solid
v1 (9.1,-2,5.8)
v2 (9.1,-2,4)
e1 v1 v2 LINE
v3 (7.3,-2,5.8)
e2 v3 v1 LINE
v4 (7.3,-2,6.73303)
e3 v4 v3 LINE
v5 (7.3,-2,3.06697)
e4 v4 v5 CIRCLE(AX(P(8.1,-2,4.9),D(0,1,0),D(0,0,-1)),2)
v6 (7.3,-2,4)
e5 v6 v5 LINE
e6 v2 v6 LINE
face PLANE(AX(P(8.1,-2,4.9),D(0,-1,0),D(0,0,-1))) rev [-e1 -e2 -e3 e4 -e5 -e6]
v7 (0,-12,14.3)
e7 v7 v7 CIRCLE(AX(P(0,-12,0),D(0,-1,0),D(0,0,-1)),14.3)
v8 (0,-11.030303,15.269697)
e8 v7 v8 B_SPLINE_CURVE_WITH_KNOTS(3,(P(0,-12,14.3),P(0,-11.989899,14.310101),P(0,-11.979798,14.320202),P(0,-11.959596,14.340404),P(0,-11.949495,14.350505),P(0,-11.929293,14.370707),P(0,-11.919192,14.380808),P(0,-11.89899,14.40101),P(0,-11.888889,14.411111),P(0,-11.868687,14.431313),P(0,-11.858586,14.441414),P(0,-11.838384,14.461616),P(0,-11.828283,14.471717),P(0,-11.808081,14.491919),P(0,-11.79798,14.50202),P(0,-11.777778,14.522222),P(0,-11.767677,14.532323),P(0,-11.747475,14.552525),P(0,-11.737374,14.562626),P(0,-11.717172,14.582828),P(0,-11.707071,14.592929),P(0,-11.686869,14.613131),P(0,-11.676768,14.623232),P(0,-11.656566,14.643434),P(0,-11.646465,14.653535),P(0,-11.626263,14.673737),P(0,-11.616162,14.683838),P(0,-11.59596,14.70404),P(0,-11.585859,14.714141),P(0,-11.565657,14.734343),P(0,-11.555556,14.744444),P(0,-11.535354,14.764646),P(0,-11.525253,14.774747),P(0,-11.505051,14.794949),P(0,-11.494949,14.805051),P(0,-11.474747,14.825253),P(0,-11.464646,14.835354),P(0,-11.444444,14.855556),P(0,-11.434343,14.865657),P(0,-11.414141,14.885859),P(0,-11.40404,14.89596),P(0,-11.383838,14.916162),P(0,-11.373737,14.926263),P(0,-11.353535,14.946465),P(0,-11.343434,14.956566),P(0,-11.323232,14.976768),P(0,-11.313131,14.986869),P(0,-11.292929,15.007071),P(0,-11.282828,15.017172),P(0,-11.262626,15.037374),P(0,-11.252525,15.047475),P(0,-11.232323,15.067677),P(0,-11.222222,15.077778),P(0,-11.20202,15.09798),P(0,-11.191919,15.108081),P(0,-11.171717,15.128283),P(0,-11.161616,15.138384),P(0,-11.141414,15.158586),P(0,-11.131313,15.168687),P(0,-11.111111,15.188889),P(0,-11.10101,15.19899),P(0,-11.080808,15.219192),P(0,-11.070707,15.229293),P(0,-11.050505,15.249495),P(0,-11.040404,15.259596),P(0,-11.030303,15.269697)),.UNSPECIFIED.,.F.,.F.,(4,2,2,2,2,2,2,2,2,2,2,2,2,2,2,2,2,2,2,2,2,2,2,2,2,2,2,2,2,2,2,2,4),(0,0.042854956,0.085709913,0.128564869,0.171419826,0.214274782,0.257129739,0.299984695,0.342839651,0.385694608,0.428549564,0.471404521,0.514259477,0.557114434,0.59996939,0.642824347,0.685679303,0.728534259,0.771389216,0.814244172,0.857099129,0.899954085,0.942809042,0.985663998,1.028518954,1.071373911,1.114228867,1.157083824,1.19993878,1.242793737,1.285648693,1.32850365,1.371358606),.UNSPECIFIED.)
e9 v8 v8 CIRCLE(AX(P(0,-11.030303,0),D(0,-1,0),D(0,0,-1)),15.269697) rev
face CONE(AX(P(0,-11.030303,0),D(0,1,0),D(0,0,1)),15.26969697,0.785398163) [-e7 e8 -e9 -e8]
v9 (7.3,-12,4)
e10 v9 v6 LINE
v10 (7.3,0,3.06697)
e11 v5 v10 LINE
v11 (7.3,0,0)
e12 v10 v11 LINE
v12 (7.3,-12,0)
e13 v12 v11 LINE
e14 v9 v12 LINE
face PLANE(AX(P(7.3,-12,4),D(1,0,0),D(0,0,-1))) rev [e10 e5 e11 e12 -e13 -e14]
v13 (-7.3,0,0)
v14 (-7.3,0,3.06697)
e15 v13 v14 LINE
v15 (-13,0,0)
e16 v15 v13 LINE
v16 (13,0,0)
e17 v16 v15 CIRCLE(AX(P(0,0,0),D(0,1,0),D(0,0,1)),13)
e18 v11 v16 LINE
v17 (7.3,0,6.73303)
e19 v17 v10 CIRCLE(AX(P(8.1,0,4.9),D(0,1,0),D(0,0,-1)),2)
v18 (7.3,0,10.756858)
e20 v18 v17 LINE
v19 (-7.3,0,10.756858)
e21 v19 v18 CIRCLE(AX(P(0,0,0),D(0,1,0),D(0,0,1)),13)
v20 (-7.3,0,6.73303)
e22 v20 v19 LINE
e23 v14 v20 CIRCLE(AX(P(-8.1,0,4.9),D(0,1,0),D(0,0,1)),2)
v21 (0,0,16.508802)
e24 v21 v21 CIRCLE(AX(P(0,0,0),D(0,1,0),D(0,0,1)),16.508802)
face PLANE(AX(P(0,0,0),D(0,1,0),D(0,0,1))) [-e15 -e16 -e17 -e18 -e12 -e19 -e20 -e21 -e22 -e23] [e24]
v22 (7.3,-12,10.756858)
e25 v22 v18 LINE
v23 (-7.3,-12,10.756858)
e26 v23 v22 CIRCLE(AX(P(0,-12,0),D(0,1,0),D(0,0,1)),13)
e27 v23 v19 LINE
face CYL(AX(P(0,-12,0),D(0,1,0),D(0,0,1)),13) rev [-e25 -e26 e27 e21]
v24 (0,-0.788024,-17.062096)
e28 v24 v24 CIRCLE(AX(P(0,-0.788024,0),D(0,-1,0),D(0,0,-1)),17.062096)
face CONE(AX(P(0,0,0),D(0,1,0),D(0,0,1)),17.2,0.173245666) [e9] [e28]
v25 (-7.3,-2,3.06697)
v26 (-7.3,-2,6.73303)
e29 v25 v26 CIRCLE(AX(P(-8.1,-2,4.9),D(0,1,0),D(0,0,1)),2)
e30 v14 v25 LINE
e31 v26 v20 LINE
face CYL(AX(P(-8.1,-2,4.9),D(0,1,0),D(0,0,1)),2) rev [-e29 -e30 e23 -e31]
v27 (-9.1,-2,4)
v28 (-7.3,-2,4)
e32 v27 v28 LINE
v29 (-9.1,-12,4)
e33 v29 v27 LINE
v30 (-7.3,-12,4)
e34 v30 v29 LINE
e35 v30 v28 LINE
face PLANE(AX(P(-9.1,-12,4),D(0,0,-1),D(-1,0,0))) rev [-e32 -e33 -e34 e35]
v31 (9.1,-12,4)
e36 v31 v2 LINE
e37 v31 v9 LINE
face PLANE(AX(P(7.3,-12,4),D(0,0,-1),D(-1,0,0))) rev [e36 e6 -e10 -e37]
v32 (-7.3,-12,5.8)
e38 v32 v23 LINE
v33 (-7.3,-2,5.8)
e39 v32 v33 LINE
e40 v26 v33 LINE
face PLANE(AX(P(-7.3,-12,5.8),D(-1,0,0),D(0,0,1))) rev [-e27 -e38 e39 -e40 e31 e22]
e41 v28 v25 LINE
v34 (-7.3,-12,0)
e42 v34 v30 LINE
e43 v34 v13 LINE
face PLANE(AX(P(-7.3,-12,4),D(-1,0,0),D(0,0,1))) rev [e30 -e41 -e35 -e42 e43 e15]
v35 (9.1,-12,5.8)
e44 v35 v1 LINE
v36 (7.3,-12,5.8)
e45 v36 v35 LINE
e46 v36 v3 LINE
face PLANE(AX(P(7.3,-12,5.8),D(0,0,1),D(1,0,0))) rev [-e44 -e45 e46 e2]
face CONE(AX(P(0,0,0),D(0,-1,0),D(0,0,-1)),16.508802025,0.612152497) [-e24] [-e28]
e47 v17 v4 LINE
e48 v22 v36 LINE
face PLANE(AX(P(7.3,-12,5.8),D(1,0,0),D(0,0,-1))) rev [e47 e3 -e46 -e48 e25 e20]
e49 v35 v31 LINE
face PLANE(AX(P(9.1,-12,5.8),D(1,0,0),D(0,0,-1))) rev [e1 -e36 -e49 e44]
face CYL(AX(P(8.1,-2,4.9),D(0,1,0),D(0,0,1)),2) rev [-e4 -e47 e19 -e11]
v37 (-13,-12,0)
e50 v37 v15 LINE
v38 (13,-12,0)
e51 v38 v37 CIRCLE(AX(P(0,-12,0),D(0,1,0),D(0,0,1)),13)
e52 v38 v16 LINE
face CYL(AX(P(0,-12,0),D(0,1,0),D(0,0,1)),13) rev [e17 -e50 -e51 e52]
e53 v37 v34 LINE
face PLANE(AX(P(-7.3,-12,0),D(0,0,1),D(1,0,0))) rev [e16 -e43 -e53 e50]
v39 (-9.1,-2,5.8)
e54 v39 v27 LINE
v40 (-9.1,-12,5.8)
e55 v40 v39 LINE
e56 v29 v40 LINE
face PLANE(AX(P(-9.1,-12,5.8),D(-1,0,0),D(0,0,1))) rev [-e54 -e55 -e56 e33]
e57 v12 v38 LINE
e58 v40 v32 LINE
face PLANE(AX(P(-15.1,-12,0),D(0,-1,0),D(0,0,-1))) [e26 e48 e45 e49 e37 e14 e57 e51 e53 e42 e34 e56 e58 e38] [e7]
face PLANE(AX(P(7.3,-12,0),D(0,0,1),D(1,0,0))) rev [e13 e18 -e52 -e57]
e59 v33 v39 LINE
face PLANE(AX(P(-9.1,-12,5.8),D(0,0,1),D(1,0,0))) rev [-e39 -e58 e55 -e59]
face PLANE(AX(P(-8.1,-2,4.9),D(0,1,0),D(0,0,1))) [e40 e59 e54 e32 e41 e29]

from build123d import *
from OCP.BRepFilletAPI import BRepFilletAPI_MakeChamfer

# Parameters (mm, degrees)
CUT_EXTRUDE1_DEPTH = 28.123421613
SKETCH3_R          = 2
CUT_EXTRUDE2_DEPTH = 2
CHAMFER1_SIZE      = 0.8
CHAMFER1_SIZE2     = 0.984433479
CHAMFER1_SIZE2_2   = 0.691197975


with BuildPart() as part:
    # Sketch1 → Revolve1 (revolve)
    with BuildSketch(Plane.XY, mode=Mode.PRIVATE) as revolve1_sk:
        Polygon((0, 0), (-17.2, 0), (-15.1, -12), (0, -12), align=None)
    revolve(revolve1_sk.sketch.rotate(Axis((0, 0, 0), (0, -1, 0)), 270), axis=Axis((0, 0, 0), (0, -1, 0)))

    # Sketch2 → Cut-Extrude1 (cut, through all)
    with BuildSketch(Plane(origin=(0, 0, 0), x_dir=(1, 0, 0), z_dir=(0, 1, 0))):
        with BuildLine():
            Line((-9.1, -5.8), (-7.3, -5.8))
            Line((-7.3, -5.8), (-7.3, -10.756858277))
            ThreePointArc((-7.3, -10.756858277), (0, -13), (7.3, -10.756858277))
            Line((7.3, -10.756858277), (7.3, -5.8))
            Line((7.3, -5.8), (9.1, -5.8))
            Line((9.1, -5.8), (9.1, -4))
            Line((9.1, -4), (7.3, -4))
            Line((7.3, -4), (7.3, 0))
            Line((7.3, 0), (13, 0))
            ThreePointArc((13, 0), (0, 13), (-13, 0))
            Line((-13, 0), (-7.3, 0))
            Line((-7.3, 0), (-7.3, -4))
            Line((-7.3, -4), (-9.1, -4))
            Line((-9.1, -4), (-9.1, -5.8))
        make_face()
    extrude(amount=-CUT_EXTRUDE1_DEPTH, mode=Mode.SUBTRACT)

    # Sketch3 → Cut-Extrude2 (cut)
    with BuildSketch(Plane(origin=(0, 0, 0), x_dir=(1, 0, 0), z_dir=(0, 1, 0))):
        with Locations((-8.1, -4.9)):
            Circle(SKETCH3_R)
        with Locations((8.1, -4.9)):
            Circle(SKETCH3_R)
    extrude(amount=-CUT_EXTRUDE2_DEPTH, mode=Mode.SUBTRACT)

    # Chamfer1: one chamfer whose edges measure the first distance from different faces: ONE call of the kernel's chamfer builder (chamfer() names one face for all edges)
    chamfer1_edges_1 = [part.edges().sort_by_distance(p)[0] for p in [
        (0, -12, -15.1),
    ]]
    chamfer1_side_1 = [part.faces().sort_by_distance(p)[0] for p in [
        (0, -12, -14.672907504),
    ]]
    chamfer1_edges_2 = [part.edges().sort_by_distance(p)[0] for p in [
        (0, 0, -17.2),
    ]]
    chamfer1_side_2 = [part.faces().sort_by_distance(p)[0] for p in [
        (0, -6, -16.15),
    ]]
    chamfer1 = BRepFilletAPI_MakeChamfer(part.part.solid().wrapped)
    for e in chamfer1_edges_1:
        chamfer1.Add(CHAMFER1_SIZE, CHAMFER1_SIZE2, e.wrapped, chamfer1_side_1[0].wrapped)  # the first distance lies on this face
    for e in chamfer1_edges_2:
        chamfer1.Add(CHAMFER1_SIZE, CHAMFER1_SIZE2_2, e.wrapped, chamfer1_side_2[0].wrapped)  # the first distance lies on this face
    add(Compound.cast(chamfer1.Shape()), mode=Mode.REPLACE)


solid = part.part
